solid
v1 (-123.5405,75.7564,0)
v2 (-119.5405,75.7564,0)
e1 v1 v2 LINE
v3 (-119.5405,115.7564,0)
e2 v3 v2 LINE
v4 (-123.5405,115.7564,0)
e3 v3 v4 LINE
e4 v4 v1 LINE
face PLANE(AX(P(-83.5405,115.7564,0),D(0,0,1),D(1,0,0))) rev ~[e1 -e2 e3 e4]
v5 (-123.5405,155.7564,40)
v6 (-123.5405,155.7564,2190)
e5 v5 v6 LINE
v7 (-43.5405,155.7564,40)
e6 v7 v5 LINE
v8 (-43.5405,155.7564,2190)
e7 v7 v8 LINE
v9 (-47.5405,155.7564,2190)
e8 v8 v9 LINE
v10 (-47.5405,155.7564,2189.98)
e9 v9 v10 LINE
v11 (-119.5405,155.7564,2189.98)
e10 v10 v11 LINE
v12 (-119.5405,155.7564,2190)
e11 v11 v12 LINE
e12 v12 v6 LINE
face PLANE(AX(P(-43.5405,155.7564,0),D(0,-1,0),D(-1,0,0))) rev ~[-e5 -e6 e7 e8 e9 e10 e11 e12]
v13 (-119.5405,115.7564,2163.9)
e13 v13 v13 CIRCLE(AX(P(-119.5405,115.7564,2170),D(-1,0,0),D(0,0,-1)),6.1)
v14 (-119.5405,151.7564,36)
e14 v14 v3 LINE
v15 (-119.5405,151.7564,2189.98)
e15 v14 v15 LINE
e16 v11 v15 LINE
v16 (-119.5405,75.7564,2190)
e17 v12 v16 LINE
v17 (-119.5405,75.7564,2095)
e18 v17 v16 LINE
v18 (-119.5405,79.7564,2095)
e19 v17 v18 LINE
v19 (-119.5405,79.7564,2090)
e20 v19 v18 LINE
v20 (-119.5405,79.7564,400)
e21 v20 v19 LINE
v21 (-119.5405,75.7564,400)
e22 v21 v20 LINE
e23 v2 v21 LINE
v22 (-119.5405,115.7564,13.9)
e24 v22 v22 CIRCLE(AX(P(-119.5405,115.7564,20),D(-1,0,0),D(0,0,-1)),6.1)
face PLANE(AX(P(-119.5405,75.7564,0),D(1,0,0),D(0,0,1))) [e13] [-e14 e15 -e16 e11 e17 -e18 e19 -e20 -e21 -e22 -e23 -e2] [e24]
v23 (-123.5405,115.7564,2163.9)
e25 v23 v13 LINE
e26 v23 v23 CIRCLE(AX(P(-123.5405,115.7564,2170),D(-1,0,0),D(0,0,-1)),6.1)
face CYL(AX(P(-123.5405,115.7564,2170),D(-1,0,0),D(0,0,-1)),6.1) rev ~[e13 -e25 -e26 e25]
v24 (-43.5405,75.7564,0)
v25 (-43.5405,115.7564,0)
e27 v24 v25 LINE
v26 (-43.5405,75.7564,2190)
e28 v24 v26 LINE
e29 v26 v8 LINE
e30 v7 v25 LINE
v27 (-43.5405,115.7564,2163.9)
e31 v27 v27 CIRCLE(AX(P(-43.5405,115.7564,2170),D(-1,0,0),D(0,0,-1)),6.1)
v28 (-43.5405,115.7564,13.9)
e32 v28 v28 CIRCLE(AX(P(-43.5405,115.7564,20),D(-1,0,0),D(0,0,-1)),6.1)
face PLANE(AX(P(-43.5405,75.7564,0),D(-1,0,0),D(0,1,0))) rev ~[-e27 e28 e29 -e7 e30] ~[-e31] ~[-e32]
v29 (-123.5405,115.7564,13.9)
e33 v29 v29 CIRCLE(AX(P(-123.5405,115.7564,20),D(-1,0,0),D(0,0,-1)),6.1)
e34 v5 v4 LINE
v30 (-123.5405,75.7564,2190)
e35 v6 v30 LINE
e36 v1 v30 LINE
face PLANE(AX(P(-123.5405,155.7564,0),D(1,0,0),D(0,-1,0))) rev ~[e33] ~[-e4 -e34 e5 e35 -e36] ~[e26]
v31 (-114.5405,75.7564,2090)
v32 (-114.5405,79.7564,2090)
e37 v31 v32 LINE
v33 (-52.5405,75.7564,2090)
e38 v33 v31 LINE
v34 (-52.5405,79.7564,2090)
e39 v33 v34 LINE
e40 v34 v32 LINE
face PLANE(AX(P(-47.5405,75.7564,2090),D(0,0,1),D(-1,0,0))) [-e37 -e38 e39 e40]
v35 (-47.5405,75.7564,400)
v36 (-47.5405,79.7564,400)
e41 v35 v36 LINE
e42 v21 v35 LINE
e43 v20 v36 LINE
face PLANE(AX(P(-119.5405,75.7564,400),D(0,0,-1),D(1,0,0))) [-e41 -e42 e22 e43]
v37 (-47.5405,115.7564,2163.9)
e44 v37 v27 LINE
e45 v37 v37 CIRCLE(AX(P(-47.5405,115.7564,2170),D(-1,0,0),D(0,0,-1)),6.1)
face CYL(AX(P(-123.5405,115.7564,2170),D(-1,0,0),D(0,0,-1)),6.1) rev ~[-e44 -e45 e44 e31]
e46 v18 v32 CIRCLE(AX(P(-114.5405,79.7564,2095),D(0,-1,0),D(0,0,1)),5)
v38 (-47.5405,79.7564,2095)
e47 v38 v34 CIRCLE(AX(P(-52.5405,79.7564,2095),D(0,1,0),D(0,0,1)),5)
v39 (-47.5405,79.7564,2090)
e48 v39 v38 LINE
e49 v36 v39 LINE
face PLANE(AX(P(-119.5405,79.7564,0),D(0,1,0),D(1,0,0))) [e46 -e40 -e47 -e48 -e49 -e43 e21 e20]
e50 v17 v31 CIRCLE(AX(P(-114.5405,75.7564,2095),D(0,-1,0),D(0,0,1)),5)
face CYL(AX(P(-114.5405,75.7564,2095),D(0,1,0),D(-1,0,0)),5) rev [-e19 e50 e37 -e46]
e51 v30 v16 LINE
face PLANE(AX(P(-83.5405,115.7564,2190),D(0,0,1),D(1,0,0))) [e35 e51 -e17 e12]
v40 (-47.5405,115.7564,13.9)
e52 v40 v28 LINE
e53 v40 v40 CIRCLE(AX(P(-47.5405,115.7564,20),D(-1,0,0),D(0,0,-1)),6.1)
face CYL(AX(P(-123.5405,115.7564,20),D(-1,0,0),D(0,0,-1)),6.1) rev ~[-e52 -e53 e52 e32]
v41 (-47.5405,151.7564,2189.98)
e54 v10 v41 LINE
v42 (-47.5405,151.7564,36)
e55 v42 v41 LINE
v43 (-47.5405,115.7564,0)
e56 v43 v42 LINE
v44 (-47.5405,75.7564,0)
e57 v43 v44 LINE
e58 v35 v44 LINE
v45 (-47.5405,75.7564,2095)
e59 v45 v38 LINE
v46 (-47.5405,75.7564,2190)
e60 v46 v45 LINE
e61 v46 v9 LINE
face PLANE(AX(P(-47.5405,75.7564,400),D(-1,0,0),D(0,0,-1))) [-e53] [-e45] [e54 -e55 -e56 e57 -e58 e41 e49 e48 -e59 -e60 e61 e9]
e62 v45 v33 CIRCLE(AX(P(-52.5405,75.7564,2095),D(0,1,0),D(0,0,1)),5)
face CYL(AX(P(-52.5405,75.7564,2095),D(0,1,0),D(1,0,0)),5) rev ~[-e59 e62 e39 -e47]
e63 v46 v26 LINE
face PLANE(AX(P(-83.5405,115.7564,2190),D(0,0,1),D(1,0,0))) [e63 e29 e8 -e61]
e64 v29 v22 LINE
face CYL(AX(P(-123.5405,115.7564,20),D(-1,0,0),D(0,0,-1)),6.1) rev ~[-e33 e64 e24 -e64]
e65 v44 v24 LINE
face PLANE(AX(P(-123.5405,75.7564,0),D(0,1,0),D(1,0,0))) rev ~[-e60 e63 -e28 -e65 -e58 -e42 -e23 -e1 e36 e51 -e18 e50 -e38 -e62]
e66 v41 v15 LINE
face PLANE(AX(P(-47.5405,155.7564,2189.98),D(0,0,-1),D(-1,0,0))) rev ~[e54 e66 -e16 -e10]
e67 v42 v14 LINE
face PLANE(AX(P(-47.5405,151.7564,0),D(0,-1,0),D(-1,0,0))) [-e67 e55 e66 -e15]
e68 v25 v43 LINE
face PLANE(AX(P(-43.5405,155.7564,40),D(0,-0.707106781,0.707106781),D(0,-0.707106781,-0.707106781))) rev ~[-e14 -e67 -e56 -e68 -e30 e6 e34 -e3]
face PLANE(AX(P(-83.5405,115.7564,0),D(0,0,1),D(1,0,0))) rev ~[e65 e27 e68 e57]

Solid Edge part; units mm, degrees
sketch "Sketch1" plane through (0, 0, 0) normal (0, 0, 1) x (1, 0, 0)
  line L0 (-119.5405, 79.7564) -> (-47.5405, 79.7564)
  line L1 (-47.5405, 79.7564) -> (-47.5405, 151.7564)
  line L2 (-47.5405, 151.7564) -> (-119.5405, 151.7564)
  line L3 (-119.5405, 151.7564) -> (-119.5405, 79.7564)
  line L4 (-123.5405, 75.7564) -> (-43.5405, 75.7564)
  line L5 (-43.5405, 75.7564) -> (-43.5405, 155.7564)
  line L6 (-43.5405, 155.7564) -> (-123.5405, 155.7564)
  line L7 (-123.5405, 155.7564) -> (-123.5405, 75.7564)
  dimension "D1" = 80
  dimension "D2" = 80
  dimension "D3" = 4
  dimension "D4" = 4
extrude "Protrusion1" add sketch "Sketch1" along normal blind 2190
sketch "Sketch2" plane through (-123.5405, 105.7564, 960) normal (-1, 0, 0) x (0, 0, -1)
  circle A0 centre (940, -10) radius 6.1
  circle A1 centre (-1210, -10) radius 6.1
  dimension "D1" = 12.2
  dimension "D2" = 12.2
  dimension "D3" = 20
  dimension "D4" = 20
extrude "Cutout1" cut sketch "Sketch2" against normal through all
sketch "Sketch3" plane through (-68.5405, 155.7564, 960) normal (0, 1, 0) x (0, 0, -1)
  line L0 (-1230, -21) -> (-1229.99, -21)
  line L1 (-1229.99, -21) -> (-1229.99, 51)
  line L2 (-1229.99, 51) -> (-1230, 51)
  line L3 (-1230, 51) -> (-1230, -21)
  dimension "D1" = 0.01
  dimension "D2" = 72
extrude "Cutout2" cut sketch "Sketch3" against normal blind 5
sketch "Sketch4" plane through (-43.5405, 100.7564, 960) normal (1, 0, 0) x (0, 0, 1)
  line L0 (-920, -55) -> (-960, -15)
  line L1 (-960, -15) -> (-960, -55)
  line L2 (-960, -55) -> (-920, -55)
  dimension "D1" = 40
extrude "Cutout3" cut sketch "Sketch4" against normal through all
sketch "Sketch5" plane through (-83.5405, 75.7564, 1095) normal (0, -1, 0) x (0, 0, 1)
  line L0 (995, 36) -> (1095, 36)
  line L1 (1095, 36) -> (1095, -36)
  line L2 (1095, -36) -> (995, -36)
  line L3 (995, -36) -> (995, 36)
  line L4 (-1095, 36) -> (-695, 36)
  line L5 (-695, 36) -> (-695, -36)
  line L6 (-695, -36) -> (-1095, -36)
  line L7 (-1095, -36) -> (-1095, 36)
  dimension "D1" = 72
  dimension "D2" = 400
  dimension "D3" = 100
  dimension "D4" = 72
extrude "Cutout4" cut sketch "Sketch5" against normal up to next
sketch "Sketch6" plane through (-83.5405, 155.7564, 1115) normal (0, 1, 0) x (0, 0, -1)
  line L0 (-1074.99, -36) -> (-1074.98, -36)
  line L1 (-1074.98, -36) -> (-1074.98, 36)
  line L2 (-1074.98, 36) -> (-1074.99, 36)
  line L3 (-1074.99, 36) -> (-1074.99, -36)
  dimension "D1" = 72
  dimension "D2" = 0.01
extrude "Cutout5" cut sketch "Sketch6" against normal up to next
fillet "Round1" radius 5 2 edges at (-119.5405, 77.7564, 2090) (-47.5405, 77.7564, 2090)
properties material "Aluminum, 6061-T6"
